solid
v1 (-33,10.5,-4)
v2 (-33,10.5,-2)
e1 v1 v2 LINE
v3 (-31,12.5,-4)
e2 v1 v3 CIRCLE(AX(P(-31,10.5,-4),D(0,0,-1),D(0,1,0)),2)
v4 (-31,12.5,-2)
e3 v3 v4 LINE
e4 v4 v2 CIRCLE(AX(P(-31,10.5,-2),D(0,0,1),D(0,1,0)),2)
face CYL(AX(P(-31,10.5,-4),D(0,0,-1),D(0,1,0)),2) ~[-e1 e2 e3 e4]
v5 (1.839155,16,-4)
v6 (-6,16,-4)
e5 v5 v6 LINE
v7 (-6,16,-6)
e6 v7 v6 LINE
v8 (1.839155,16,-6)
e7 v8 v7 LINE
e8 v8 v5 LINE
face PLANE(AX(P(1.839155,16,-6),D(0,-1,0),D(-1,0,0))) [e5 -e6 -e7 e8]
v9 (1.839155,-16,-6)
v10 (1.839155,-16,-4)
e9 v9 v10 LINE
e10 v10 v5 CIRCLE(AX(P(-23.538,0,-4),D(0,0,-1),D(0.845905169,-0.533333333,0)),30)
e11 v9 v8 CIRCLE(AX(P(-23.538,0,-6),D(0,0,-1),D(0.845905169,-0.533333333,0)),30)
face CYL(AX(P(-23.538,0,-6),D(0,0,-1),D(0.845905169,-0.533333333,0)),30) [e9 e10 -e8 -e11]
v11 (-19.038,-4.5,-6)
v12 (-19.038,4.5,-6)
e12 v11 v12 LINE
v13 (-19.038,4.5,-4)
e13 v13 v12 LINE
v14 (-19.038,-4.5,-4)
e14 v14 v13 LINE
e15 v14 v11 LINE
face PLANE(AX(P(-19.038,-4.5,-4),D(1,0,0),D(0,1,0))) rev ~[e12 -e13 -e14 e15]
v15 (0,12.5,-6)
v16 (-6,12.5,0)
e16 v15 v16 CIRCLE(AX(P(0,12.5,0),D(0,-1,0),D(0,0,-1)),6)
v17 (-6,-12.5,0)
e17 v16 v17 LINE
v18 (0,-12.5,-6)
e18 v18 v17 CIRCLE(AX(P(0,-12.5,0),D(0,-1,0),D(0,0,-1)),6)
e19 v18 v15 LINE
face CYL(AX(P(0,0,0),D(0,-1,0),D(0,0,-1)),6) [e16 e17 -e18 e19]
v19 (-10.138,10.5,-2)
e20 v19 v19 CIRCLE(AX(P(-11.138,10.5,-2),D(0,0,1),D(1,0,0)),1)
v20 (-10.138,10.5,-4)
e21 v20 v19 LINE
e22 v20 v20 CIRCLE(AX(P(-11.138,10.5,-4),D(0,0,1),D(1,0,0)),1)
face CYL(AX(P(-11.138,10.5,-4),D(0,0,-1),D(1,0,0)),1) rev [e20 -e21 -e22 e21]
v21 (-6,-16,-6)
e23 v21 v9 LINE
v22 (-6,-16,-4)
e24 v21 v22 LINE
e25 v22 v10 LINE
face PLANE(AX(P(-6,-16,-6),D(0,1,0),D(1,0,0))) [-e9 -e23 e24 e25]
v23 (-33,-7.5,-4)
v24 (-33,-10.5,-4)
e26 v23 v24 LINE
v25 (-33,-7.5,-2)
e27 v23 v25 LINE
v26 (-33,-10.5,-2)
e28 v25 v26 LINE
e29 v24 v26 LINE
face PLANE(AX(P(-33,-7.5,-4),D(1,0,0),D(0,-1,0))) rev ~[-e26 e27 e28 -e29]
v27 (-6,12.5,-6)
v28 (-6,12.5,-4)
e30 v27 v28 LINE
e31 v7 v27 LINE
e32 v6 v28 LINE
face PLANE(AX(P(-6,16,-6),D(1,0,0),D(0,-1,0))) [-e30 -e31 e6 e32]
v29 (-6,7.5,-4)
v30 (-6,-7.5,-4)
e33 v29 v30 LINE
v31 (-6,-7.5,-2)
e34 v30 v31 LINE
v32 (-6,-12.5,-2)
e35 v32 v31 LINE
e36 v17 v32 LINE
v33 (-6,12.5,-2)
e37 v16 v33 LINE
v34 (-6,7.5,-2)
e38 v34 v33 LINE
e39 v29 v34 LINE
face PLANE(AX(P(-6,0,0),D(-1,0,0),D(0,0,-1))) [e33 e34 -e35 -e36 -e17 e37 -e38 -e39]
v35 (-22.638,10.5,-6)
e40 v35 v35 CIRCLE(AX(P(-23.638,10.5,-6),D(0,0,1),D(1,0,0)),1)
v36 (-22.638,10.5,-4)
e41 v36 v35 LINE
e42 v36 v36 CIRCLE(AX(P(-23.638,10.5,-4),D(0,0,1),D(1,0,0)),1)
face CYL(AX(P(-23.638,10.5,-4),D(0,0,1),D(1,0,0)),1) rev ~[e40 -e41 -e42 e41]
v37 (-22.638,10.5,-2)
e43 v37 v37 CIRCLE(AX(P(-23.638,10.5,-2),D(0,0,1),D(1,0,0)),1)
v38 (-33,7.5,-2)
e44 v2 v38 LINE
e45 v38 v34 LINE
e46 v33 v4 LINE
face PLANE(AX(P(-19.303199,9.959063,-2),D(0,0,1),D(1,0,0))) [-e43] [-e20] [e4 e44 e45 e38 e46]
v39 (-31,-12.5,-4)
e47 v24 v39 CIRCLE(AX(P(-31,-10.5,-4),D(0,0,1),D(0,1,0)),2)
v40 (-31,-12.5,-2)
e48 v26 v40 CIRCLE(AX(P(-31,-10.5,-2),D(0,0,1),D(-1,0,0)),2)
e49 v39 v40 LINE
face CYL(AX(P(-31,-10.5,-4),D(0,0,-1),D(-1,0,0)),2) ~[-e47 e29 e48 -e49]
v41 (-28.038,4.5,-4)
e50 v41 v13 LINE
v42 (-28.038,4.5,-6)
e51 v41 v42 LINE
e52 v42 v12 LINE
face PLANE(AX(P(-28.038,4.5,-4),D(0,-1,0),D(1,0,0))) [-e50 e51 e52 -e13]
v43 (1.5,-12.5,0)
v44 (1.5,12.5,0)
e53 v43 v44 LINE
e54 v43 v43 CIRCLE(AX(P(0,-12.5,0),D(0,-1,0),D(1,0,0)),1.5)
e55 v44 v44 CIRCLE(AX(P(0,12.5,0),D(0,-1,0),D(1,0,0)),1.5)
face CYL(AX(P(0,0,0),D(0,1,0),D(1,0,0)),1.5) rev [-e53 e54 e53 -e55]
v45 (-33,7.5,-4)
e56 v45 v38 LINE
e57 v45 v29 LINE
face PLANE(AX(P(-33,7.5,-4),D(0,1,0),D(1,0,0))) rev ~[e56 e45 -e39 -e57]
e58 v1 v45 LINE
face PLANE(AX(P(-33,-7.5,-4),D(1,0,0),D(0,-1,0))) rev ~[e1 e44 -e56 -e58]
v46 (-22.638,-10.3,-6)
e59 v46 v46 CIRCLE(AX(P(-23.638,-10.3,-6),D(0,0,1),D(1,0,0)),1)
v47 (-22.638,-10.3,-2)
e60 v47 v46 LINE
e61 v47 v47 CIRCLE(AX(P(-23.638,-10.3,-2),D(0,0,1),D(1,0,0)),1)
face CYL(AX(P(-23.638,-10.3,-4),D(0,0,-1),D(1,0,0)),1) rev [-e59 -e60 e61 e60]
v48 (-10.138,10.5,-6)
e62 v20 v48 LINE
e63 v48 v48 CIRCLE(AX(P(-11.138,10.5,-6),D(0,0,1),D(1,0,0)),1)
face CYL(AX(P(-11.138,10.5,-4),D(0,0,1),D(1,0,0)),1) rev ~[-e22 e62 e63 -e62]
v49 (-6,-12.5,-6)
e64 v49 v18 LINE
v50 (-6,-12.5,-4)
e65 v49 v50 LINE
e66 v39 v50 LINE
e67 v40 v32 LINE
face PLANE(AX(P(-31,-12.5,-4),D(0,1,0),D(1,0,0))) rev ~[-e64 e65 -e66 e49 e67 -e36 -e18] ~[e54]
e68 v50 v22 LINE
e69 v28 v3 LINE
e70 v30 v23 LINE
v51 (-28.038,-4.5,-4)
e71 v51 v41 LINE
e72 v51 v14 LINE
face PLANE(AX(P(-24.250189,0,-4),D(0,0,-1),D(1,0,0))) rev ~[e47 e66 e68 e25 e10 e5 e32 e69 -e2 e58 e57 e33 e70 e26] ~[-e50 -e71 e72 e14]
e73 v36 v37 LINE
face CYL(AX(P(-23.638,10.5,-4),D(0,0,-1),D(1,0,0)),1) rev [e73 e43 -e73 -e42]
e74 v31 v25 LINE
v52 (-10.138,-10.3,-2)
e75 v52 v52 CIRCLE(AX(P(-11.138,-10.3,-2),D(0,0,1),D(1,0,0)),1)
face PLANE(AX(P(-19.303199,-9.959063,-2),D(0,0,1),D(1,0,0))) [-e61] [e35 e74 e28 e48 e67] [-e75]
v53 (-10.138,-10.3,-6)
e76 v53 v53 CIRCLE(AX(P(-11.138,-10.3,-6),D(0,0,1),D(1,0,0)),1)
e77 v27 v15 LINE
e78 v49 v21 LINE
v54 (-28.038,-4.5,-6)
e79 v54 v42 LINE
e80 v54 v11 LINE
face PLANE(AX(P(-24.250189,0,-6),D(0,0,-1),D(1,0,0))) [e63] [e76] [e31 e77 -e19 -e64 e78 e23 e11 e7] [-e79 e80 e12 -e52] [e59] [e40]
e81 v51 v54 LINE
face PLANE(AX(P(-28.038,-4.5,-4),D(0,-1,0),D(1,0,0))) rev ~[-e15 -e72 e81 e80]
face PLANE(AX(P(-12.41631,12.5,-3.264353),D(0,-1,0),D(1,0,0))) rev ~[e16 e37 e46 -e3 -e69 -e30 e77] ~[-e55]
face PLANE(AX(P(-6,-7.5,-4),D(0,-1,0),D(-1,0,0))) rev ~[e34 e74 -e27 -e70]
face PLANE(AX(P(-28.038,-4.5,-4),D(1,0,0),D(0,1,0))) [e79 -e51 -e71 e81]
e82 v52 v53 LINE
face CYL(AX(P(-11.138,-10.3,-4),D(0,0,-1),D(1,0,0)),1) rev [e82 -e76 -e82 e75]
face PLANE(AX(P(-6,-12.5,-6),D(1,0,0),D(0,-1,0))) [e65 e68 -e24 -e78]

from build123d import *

# Parameters (mm, degrees)
F0_R     = 1.5
F1_DEPTH = 12.5
F2_R     = 2
F3_R     = 1
F3_W     = 9
F3_H     = 9
F4_DEPTH = 2
F5_R     = 1
F6_DEPTH = 2
F8_DEPTH = 2


with BuildPart() as f1:
    # F0 (on Front) → F1 (new body, symmetric)
    with BuildSketch(Plane.XZ):
        with BuildLine():
            ThreePointArc((0, -6), (4.2426406871, 4.2426406871), (-6, 0))
            Line((-6, 0), (-6, -4))
            Line((-6, -4), (-33, -4))
            Line((-33, -4), (-33, -6))
            Line((-33, -6), (0, -6))
        make_face()
        Circle(F0_R, mode=Mode.SUBTRACT)
    extrude(amount=F1_DEPTH, both=True)

    # F2
    f2_edges = [f1.edges().sort_by_distance(p)[0] for p in [
        (-33, -12.5, -5),
        (-33, 12.5, -5),
    ]]
    fillet(f2_edges, radius=F2_R)

    # F3 (on face) → F4 (cut, through all)
    with BuildSketch(Plane.XY.offset(-4)):
        with Locations((-23.638, 10.5)):
            Circle(F3_R)
        with Locations((-11.138, 10.5)):
            Circle(F3_R)
        with Locations((-11.138, -10.3)):
            Circle(F3_R)
        with Locations((-23.638, -10.3)):
            Circle(F3_R)
        with Locations((-23.538, 0)):
            Rectangle(F3_W, F3_H)
    extrude(amount=-F4_DEPTH, mode=Mode.SUBTRACT)

    # F5 (on face) → F6 (join)
    with BuildSketch(Plane.XY.offset(-4)):
        with BuildLine():
            Line((-6, -12.5), (-6, -7.5))
            Line((-6, -7.5), (-33, -7.5))
            Line((-33, -7.5), (-33, -10.5))
            ThreePointArc((-33, -10.5), (-32.4142135624, -11.9142135624), (-31, -12.5))
            Line((-31, -12.5), (-6, -12.5))
        make_face()
        with Locations((-23.638, -10.3)):
            Circle(F5_R, mode=Mode.SUBTRACT)
        with Locations((-11.138, -10.3)):
            Circle(F5_R, mode=Mode.SUBTRACT)
        with BuildLine():
            Line((-33, 7.5), (-6, 7.5))
            Line((-6, 7.5), (-6, 12.5))
            Line((-6, 12.5), (-31, 12.5))
            ThreePointArc((-31, 12.5), (-32.4142135624, 11.9142135624), (-33, 10.5))
            Line((-33, 10.5), (-33, 7.5))
        make_face()
        with Locations((-23.638, 10.5)):
            Circle(F5_R, mode=Mode.SUBTRACT)
        with Locations((-11.138, 10.5)):
            Circle(F5_R, mode=Mode.SUBTRACT)
    extrude(amount=F6_DEPTH)

    # F7 (on face) → F8 (join, through all)
    with BuildSketch(Plane(origin=(0, 0, -6), x_dir=(1, 0, 0), z_dir=(0, 0, -1))):
        with BuildLine():
            Line((-6, 16), (1.8391550809, 16))
            ThreePointArc((1.8391550809, 16), (-53.538, 0), (1.8391550809, -16))
            Line((1.8391550809, -16), (-6, -16))
            Line((-6, -16), (-6, -12.5))
            Line((-6, -12.5), (-31, -12.5))
            ThreePointArc((-31, -12.5), (-32.4142135624, -11.9142135624), (-33, -10.5))
            Line((-33, -10.5), (-33, 10.5))
            ThreePointArc((-33, 10.5), (-32.4142135624, 11.9142135624), (-31, 12.5))
            Line((-31, 12.5), (-6, 12.5))
            Line((-6, 12.5), (-6, 16))
        make_face()
    extrude(amount=-F8_DEPTH)


solid = f1.part
